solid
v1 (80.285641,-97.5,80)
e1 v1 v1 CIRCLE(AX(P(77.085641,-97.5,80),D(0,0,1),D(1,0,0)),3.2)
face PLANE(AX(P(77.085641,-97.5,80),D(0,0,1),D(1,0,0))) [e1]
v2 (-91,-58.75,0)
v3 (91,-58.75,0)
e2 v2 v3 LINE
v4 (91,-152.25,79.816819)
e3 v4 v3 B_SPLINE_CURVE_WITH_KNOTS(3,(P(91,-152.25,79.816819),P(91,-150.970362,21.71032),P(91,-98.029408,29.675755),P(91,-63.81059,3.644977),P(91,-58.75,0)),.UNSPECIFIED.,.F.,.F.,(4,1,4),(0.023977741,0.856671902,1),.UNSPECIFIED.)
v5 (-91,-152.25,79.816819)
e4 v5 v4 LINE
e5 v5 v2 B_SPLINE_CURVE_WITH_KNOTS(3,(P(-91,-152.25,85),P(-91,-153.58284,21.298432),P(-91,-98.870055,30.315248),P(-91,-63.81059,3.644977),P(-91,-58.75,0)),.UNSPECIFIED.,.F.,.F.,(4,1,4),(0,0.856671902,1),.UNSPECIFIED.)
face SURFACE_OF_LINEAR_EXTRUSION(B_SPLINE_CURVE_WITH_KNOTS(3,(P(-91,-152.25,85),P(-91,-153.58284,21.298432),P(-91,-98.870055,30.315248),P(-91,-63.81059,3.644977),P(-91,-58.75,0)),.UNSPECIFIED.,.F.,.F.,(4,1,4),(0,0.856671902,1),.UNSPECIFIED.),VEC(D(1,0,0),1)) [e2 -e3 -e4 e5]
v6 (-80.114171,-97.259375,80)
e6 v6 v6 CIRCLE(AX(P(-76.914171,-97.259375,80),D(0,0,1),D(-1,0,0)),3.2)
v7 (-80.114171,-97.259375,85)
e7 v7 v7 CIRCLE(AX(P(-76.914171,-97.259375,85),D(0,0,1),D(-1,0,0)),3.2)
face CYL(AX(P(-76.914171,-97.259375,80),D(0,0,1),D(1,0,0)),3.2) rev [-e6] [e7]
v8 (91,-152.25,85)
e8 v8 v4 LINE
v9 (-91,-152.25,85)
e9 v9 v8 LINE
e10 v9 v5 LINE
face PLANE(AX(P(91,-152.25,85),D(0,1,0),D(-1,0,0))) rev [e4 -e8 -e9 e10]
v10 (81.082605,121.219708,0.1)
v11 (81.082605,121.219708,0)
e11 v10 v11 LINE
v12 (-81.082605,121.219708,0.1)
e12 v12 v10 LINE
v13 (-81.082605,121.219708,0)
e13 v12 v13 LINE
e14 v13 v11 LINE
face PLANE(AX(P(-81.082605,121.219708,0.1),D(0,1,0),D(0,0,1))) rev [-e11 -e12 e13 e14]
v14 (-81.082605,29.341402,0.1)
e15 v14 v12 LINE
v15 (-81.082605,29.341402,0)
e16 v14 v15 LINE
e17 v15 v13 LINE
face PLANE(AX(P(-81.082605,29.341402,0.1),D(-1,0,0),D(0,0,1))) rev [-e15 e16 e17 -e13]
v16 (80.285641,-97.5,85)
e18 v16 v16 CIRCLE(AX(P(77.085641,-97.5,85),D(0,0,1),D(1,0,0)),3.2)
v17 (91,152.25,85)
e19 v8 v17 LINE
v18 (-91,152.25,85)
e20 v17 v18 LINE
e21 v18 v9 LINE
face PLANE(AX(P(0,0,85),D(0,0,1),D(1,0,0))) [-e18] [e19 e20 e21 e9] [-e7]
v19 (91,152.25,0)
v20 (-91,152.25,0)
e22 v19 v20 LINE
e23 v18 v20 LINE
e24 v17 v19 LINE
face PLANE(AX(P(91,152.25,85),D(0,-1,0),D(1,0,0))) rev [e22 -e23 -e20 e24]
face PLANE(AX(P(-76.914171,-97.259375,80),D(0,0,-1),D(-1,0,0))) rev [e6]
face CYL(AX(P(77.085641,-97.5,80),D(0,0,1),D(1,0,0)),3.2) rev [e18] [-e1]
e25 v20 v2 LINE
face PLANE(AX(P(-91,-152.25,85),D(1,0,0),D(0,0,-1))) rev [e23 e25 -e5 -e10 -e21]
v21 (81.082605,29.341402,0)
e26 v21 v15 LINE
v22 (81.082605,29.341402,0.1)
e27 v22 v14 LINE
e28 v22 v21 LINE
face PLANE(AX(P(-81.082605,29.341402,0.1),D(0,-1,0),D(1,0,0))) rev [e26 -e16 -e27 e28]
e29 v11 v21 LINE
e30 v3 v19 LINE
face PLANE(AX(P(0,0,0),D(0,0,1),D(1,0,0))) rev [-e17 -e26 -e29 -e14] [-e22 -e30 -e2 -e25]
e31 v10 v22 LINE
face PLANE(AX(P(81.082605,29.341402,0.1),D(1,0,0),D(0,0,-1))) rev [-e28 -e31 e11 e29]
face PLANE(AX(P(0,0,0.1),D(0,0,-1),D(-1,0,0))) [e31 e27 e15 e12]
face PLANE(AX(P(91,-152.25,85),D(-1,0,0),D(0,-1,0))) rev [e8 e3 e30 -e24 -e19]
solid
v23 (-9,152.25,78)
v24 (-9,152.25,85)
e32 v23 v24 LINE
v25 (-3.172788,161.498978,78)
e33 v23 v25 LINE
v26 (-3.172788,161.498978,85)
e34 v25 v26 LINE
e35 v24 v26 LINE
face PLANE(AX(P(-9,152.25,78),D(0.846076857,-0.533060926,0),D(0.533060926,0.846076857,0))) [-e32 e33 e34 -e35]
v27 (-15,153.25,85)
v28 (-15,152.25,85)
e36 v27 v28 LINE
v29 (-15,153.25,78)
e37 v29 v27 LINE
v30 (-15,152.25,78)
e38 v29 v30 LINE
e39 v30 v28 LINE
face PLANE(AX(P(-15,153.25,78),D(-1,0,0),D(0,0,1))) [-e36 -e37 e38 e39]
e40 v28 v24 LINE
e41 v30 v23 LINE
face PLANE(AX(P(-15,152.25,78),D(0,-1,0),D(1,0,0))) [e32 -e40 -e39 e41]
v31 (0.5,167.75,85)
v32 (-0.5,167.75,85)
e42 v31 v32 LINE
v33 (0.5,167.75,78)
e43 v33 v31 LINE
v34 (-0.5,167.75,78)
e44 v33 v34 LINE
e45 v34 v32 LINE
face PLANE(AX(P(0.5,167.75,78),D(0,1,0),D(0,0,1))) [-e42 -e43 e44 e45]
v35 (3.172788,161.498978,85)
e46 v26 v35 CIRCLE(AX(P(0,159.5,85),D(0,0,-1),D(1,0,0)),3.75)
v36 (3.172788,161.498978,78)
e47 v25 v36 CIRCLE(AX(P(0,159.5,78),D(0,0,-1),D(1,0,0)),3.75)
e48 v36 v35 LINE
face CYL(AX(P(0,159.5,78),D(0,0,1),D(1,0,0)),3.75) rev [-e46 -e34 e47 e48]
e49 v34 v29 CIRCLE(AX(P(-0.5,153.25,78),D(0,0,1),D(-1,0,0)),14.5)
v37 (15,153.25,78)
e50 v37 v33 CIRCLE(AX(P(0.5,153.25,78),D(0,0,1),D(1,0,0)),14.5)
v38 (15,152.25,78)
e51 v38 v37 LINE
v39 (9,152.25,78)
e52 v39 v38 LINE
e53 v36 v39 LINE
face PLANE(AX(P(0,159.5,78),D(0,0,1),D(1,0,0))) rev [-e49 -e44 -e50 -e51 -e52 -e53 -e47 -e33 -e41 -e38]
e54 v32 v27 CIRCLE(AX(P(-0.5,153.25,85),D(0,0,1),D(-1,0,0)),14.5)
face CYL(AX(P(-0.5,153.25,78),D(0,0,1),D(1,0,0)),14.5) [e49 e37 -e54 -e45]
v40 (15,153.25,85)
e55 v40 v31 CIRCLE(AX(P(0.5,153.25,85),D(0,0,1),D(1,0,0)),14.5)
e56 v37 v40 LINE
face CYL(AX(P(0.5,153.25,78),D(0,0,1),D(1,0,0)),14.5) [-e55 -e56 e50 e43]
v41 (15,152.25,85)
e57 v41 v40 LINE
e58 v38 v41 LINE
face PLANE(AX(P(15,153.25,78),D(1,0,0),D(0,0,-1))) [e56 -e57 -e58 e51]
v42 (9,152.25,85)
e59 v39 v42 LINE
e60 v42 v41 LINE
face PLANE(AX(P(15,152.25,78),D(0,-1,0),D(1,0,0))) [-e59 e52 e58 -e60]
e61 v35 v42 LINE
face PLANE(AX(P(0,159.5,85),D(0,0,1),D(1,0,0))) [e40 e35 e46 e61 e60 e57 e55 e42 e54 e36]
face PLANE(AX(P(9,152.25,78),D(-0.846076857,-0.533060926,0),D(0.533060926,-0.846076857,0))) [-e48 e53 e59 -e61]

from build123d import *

# Parameters (mm, degrees)
SKETCH_1_W               = 182
SKETCH_1_H               = 304.5
EXTRUDE_1_DEPTH          = 85
EXTRUDE_2_DEPTH          = 7
CUT_EXTRUDE_1_DEPTH      = 262.704150712
CUT_EXTRUDE_1_DEPTH_BACK = 262.704150712
SKETCH_5_R               = 3.75
SKETCH_5_R_2             = 3.2
CUT_EXTRUDE_2_DEPTH      = 5
SKETCH_6_W               = 162.16521046
SKETCH_6_H               = 91.878306209
CUT_EXTRUDE_3_DEPTH      = 0.1


with BuildPart() as part:
    # Эскиз1 → Бобышка-Вытянуть1 (new body)
    with BuildSketch(Plane.XY):
        Rectangle(SKETCH_1_W, SKETCH_1_H)
    extrude(amount=EXTRUDE_1_DEPTH)

    # Эскиз4 → Вырез-Вытянуть1 (cut, two sides: drawn at the far end of the back side and taken through both)
    with BuildSketch(Plane(origin=(91, 0, 0), x_dir=(0, 0, -1), z_dir=(1, 0, 0)).offset(-CUT_EXTRUDE_1_DEPTH_BACK)):
        with BuildLine():
            add(Edge.make_bspline(
                [(-79.816818668, -152.25), (-21.71031979, -150.970361607), (-29.675754805, -98.029408424), (-3.644977075, -63.810589699), (0, -58.75)],
                knots=[0.023977741, 0.023977741, 0.023977741, 0.023977741, 0.856671902, 1, 1, 1, 1], degree=3))
            Line((-79.816818668, -152.25), (0, -152.25))
            Line((0, -152.25), (0, -58.75))
        make_face()
    extrude(amount=CUT_EXTRUDE_1_DEPTH + CUT_EXTRUDE_1_DEPTH_BACK, mode=Mode.SUBTRACT)

    # Эскиз5 → Вырез-Вытянуть2 (cut)
    with BuildSketch(Plane.XY.offset(85)):
        with Locations((0, 159.5)):
            Circle(SKETCH_5_R)
        with Locations((77.085640869, -97.5)):
            Circle(SKETCH_5_R_2)
        with Locations(Location((-76.914171143, -97.259375294, 0), (0, 0, 180))):
            Circle(SKETCH_5_R_2)
    extrude(amount=-CUT_EXTRUDE_2_DEPTH, mode=Mode.SUBTRACT)

    # Эскиз6 → Вырез-Вытянуть3 (cut)
    with BuildSketch(Plane(origin=(0, 0, 0), x_dir=(-1, 0, 0), z_dir=(0, 0, -1))):
        with Locations((0, 75.280555064)):
            Rectangle(SKETCH_6_W, SKETCH_6_H)
    extrude(amount=-CUT_EXTRUDE_3_DEPTH, mode=Mode.SUBTRACT)


with BuildPart() as body_2:
    # Эскиз3 → Бобышка-Вытянуть2 (new body)
    with BuildSketch(Plane.XY.offset(85)):
        with BuildLine():
            Line((-9, 152.25), (-3.172788215, 161.498978474))
            ThreePointArc((-3.172788215, 161.498978474), (0, 163.25), (3.172788215, 161.498978474))
            Line((3.172788215, 161.498978474), (9, 152.25))
            Line((9, 152.25), (15, 152.25))
            Line((15, 152.25), (15, 153.25))
            ThreePointArc((15, 153.25), (10.753048327, 163.503048327), (0.5, 167.75))
            Line((0.5, 167.75), (-0.5, 167.75))
            ThreePointArc((-0.5, 167.75), (-10.753048327, 163.503048327), (-15, 153.25))
            Line((-15, 153.25), (-15, 152.25))
            Line((-15, 152.25), (-9, 152.25))
        make_face()
    extrude(amount=-EXTRUDE_2_DEPTH)


solid = Compound([part.part, body_2.part])
